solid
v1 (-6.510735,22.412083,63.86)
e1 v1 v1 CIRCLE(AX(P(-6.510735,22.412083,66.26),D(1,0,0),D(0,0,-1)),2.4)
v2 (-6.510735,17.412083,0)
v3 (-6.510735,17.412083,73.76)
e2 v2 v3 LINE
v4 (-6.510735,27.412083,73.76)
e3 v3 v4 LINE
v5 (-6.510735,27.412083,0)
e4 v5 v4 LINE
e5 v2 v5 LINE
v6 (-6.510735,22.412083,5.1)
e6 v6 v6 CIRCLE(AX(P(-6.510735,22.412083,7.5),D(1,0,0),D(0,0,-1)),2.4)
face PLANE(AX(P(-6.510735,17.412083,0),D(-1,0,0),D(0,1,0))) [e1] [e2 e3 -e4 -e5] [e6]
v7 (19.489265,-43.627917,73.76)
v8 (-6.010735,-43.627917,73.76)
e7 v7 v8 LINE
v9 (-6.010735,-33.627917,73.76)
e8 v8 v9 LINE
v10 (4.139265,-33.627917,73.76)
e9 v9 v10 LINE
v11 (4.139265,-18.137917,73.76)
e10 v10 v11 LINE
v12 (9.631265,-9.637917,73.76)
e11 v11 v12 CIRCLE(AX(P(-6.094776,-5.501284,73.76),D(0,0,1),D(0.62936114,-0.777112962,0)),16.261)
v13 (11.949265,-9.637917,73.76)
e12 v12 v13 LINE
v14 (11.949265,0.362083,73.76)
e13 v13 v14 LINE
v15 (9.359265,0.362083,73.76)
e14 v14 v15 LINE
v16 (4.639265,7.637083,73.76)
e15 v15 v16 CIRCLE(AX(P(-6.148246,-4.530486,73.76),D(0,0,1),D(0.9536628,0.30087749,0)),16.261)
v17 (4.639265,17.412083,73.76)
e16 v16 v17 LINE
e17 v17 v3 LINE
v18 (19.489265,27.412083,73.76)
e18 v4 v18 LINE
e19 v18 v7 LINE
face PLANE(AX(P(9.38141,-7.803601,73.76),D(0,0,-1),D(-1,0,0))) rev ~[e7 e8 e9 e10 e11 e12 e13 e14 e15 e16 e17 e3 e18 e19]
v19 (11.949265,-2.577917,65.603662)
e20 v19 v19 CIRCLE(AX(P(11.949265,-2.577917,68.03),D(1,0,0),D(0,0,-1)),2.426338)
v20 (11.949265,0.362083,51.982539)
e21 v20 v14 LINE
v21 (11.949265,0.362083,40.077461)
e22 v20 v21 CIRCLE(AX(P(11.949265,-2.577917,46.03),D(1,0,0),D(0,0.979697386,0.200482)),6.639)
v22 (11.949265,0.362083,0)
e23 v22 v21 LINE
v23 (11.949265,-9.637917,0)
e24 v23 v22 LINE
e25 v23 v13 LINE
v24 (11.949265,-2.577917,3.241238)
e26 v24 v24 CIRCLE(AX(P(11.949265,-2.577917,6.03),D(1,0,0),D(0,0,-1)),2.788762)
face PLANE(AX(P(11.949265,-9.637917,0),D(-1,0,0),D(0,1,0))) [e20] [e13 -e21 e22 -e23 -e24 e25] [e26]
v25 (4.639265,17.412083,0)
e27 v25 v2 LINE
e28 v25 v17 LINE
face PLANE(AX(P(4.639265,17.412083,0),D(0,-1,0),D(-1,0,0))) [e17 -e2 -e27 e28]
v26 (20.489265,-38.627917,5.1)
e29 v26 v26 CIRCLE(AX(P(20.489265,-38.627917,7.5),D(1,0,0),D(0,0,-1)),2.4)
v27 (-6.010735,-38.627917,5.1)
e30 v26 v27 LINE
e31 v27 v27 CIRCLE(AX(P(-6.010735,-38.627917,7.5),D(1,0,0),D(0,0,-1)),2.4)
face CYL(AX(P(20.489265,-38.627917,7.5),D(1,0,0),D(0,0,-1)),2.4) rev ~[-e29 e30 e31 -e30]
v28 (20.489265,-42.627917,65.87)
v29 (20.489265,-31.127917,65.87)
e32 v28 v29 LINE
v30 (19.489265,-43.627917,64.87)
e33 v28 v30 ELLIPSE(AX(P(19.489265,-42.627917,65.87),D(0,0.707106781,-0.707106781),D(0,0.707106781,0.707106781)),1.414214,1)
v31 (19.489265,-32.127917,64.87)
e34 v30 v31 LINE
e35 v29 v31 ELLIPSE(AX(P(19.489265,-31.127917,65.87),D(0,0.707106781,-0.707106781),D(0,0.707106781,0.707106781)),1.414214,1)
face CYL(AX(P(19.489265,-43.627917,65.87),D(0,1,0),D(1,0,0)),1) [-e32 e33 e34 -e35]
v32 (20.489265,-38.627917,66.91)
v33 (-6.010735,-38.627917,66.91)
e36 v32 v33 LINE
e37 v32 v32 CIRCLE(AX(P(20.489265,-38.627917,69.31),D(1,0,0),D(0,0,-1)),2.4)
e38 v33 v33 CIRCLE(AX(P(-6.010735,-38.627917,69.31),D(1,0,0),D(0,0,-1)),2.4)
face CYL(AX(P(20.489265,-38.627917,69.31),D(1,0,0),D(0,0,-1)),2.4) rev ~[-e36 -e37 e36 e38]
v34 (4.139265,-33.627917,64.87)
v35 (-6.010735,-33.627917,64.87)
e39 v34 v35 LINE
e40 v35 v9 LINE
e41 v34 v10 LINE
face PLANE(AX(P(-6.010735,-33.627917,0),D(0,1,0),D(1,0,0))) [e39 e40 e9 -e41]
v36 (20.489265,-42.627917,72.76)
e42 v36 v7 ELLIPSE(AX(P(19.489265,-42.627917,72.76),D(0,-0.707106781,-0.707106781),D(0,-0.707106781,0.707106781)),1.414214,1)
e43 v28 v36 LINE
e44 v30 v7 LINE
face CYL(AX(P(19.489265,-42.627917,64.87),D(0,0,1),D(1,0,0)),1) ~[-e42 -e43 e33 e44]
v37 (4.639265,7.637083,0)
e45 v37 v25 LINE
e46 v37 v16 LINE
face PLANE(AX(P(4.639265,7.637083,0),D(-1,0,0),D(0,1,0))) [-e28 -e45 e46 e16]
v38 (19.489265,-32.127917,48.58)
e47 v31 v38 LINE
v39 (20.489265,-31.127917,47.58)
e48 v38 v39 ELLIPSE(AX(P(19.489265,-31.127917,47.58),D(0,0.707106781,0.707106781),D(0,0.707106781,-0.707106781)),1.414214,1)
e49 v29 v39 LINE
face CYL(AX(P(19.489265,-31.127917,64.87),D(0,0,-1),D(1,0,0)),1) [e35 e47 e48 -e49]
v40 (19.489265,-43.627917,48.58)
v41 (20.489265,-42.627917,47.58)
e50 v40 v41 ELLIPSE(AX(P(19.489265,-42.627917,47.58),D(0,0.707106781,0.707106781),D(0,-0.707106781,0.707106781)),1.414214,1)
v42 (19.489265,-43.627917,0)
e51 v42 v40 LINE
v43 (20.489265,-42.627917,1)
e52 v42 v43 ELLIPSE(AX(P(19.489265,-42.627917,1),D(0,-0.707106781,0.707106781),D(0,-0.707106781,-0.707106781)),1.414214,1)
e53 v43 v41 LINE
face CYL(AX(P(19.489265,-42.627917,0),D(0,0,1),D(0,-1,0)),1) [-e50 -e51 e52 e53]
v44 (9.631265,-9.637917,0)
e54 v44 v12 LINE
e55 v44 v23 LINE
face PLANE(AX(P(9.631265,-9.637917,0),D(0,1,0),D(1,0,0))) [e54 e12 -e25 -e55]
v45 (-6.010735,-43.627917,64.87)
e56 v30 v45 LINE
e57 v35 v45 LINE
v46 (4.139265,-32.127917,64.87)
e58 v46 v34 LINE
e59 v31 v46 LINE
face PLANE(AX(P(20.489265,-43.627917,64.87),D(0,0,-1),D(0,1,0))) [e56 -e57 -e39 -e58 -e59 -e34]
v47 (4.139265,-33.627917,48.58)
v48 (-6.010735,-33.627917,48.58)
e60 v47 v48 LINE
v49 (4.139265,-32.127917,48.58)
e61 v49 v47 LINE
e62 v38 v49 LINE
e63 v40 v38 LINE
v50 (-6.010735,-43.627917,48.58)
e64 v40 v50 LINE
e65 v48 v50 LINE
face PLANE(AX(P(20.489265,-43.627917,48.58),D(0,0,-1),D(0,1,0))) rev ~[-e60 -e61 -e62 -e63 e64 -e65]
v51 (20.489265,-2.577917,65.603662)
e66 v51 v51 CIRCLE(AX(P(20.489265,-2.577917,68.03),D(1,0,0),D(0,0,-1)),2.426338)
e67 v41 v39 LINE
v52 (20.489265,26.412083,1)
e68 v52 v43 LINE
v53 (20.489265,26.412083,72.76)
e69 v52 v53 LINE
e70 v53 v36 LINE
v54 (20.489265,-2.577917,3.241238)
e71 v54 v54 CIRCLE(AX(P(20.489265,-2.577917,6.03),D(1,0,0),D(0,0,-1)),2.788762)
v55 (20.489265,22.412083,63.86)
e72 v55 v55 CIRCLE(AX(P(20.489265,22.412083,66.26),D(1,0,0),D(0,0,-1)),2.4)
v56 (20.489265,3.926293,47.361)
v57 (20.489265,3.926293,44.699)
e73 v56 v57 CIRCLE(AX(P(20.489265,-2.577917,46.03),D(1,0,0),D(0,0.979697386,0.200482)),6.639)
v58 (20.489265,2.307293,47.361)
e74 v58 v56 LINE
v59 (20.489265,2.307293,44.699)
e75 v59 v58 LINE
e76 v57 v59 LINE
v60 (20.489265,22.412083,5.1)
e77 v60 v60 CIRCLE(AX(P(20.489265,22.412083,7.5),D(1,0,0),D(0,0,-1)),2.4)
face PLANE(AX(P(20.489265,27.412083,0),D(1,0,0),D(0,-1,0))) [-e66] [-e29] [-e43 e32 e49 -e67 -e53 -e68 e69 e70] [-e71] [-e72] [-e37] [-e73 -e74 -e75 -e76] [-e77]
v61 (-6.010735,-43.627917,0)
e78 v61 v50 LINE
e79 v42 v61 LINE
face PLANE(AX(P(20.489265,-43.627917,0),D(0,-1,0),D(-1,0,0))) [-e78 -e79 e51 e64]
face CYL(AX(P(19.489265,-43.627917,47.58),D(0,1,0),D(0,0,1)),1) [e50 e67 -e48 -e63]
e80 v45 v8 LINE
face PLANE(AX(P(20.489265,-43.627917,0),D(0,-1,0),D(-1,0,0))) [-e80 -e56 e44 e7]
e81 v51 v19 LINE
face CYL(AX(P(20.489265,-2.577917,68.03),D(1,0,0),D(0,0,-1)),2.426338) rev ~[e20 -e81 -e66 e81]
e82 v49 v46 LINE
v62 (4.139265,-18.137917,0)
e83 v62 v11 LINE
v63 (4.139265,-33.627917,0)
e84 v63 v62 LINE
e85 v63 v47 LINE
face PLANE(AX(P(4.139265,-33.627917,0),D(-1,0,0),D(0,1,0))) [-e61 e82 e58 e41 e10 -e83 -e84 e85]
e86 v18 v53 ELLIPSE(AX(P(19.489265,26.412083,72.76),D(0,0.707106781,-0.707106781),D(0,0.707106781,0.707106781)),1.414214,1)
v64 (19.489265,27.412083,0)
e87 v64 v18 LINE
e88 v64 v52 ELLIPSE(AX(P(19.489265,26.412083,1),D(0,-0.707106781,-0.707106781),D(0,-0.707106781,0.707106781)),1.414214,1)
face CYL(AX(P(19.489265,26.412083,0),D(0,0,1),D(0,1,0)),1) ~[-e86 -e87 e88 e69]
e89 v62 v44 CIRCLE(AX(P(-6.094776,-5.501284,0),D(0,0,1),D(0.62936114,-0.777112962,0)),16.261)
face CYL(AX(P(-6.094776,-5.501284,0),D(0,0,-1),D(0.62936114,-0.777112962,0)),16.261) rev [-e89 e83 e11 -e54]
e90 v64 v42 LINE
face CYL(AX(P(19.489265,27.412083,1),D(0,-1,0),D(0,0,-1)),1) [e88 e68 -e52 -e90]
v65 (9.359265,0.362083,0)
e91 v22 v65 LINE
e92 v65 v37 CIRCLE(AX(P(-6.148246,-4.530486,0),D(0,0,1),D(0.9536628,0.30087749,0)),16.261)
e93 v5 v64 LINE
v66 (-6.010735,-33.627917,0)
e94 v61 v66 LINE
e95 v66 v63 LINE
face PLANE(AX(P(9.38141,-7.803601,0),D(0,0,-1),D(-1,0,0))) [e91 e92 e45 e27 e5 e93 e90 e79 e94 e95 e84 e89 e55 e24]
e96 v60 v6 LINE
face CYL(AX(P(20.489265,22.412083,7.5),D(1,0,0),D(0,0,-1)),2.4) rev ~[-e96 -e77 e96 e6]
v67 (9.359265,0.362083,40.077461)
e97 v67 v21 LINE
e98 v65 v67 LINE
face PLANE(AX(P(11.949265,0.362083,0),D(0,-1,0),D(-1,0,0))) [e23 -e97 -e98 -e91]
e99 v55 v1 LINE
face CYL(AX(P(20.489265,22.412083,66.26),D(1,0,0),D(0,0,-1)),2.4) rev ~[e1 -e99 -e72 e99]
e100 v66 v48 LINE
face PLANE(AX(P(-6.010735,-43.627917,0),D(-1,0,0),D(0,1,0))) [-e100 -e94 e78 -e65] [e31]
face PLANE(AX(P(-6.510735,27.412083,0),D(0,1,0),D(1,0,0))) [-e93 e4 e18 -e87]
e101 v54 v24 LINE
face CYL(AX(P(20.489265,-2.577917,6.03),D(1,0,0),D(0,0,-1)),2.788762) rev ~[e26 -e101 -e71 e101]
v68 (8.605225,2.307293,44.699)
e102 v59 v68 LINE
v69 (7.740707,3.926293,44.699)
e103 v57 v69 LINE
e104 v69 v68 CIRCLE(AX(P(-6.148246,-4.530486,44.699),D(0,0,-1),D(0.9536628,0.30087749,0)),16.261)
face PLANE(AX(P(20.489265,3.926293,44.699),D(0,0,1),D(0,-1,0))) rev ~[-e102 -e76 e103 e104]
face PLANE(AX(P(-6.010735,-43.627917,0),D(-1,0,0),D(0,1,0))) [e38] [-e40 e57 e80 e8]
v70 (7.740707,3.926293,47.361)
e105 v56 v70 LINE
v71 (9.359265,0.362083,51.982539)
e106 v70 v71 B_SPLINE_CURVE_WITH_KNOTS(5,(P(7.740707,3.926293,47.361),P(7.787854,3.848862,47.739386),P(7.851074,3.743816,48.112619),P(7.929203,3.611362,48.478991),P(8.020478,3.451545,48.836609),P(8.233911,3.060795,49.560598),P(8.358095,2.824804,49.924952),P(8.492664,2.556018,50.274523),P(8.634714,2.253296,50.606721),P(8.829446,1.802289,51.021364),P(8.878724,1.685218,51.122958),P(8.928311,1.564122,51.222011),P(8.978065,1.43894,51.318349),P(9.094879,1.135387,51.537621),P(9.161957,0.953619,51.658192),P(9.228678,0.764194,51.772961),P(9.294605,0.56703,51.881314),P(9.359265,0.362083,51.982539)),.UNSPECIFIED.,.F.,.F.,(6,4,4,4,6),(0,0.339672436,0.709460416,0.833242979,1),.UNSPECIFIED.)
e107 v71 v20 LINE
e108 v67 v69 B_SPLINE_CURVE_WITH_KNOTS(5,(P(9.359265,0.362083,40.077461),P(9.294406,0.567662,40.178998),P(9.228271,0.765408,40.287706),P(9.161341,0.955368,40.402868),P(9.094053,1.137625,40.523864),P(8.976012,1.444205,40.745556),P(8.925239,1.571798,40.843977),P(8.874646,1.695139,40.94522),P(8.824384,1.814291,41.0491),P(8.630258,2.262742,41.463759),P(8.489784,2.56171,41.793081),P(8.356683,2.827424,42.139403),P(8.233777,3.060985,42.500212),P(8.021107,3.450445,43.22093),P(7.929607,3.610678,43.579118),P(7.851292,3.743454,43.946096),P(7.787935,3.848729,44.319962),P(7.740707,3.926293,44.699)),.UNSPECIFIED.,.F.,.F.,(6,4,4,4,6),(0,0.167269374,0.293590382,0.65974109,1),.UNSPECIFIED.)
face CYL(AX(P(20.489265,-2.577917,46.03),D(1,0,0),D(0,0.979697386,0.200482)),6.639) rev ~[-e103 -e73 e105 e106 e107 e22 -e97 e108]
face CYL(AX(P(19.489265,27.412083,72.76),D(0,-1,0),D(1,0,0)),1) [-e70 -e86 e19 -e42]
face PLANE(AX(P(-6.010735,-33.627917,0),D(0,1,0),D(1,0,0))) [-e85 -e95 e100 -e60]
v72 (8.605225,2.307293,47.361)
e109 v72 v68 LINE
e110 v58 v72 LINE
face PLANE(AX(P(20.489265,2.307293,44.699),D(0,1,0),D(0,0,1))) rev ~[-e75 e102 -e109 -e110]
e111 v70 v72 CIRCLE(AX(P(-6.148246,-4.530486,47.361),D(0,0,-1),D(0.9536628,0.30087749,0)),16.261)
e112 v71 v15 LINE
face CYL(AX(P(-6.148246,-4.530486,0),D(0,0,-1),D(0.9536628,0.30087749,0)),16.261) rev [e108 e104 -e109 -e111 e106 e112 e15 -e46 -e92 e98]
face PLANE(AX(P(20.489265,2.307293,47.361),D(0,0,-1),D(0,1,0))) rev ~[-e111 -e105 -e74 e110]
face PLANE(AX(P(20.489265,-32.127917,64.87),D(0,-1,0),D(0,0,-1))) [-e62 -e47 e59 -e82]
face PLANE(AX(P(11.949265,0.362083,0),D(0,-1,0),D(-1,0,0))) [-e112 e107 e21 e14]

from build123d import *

# Parameters (mm, degrees)
PROFILEEXTRUDE_DEPTH = 73.76
HOSEWINDOW_W         = 16.29
HOSEWINDOW_H         = 11.5
HOSEWINDOWCUT_DEPTH  = 28
CAGESCREWS_R         = 2.4
CAGESCREWSCUT_DEPTH  = 28
AXLEHOLECUT_DEPTH    = 28
SETSCREWS_R          = 2.426338021
SETSCREWS_R_2        = 2.788762315
SETSCREWSCUT_DEPTH   = 28
FILLET1_R            = 1


with BuildPart() as part:
    # Profile → ProfileExtrude (new body)
    with BuildSketch(Plane.XY):
        with BuildLine():
            Line((-6.01073477, -43.62791746), (-6.01073477, -33.62791746))
            Line((-6.01073477, -33.62791746), (4.13926523, -33.62791746))
            Line((4.13926523, -33.62791746), (4.13926523, -18.13791746))
            ThreePointArc((4.13926523, -18.13791746), (7.563334043, -14.326029686), (9.63126523, -9.63791746))
            Line((9.63126523, -9.63791746), (11.94926523, -9.63791746))
            Line((11.94926523, -9.63791746), (11.94926523, 0.36208254))
            Line((11.94926523, 0.36208254), (9.35926523, 0.36208254))
            ThreePointArc((9.35926523, 0.36208254), (7.493178347, 4.320032013), (4.63926523, 7.63708254))
            Line((4.63926523, 7.63708254), (4.63926523, 17.41208254))
            Line((4.63926523, 17.41208254), (-6.51073477, 17.41208254))
            Line((-6.51073477, 17.41208254), (-6.51073477, 27.41208254))
            Line((-6.51073477, 27.41208254), (20.48926523, 27.41208254))
            Line((20.48926523, 27.41208254), (20.48926523, -43.62791746))
            Line((20.48926523, -43.62791746), (-6.01073477, -43.62791746))
        make_face()
    extrude(amount=PROFILEEXTRUDE_DEPTH)

    # HoseWindow → HoseWindowCut (cut, through all)
    with BuildSketch(Plane(origin=(20.48926523, 0, 0), x_dir=(0, 0, -1), z_dir=(1, 0, 0))):
        with Locations((-56.725, -37.87791746)):
            Rectangle(HOSEWINDOW_W, HOSEWINDOW_H)
    extrude(amount=-HOSEWINDOWCUT_DEPTH, mode=Mode.SUBTRACT)

    # CageScrews → CageScrewsCut (cut, through all)
    with BuildSketch(Plane(origin=(20.48926523, 0, 0), x_dir=(0, 0, -1), z_dir=(1, 0, 0))):
        with Locations((-66.26, 22.41208254)):
            Circle(CAGESCREWS_R)
        with Locations((-7.5, 22.41208254)):
            Circle(CAGESCREWS_R)
        with Locations((-7.5, -38.62791746)):
            Circle(CAGESCREWS_R)
        with Locations((-69.31, -38.62791746)):
            Circle(CAGESCREWS_R)
    extrude(amount=-CAGESCREWSCUT_DEPTH, mode=Mode.SUBTRACT)

    # AxleHole → AxleHoleCut (cut, through all)
    with BuildSketch(Plane(origin=(20.48926523, 0, 0), x_dir=(0, 0, -1), z_dir=(1, 0, 0))):
        with BuildLine():
            Line((-44.699, 2.307293484), (-47.361, 2.307293484))
            Line((-47.361, 2.307293484), (-47.361, 3.926293484))
            ThreePointArc((-47.361, 3.926293484), (-46.03, -9.21691746), (-44.699, 3.926293484))
            Line((-44.699, 3.926293484), (-44.699, 2.307293484))
        make_face()
    extrude(amount=-AXLEHOLECUT_DEPTH, mode=Mode.SUBTRACT)

    # SetScrews → SetScrewsCut (cut, through all)
    with BuildSketch(Plane(origin=(20.48926523, 0, 0), x_dir=(0, 0, -1), z_dir=(1, 0, 0))):
        with Locations((-68.03, -2.57791746)):
            Circle(SETSCREWS_R)
        with Locations((-6.03, -2.57791746)):
            Circle(SETSCREWS_R_2)
    extrude(amount=-SETSCREWSCUT_DEPTH, mode=Mode.SUBTRACT)

    # Fillet1
    fillet1_edges = [part.edges().sort_by_distance(p)[0] for p in [
        (20.48926523, -8.10791746, 0),
        (20.48926523, -43.62791746, 69.315),
        (20.48926523, 27.41208254, 36.88),
        (20.48926523, -8.10791746, 73.76),
        (20.48926523, -43.62791746, 24.29),
        (20.48926523, -37.87791746, 64.87),
        (20.48926523, -37.87791746, 48.58),
        (20.48926523, -32.12791746, 56.725),
    ]]
    fillet(fillet1_edges, radius=FILLET1_R)


solid = part.part
